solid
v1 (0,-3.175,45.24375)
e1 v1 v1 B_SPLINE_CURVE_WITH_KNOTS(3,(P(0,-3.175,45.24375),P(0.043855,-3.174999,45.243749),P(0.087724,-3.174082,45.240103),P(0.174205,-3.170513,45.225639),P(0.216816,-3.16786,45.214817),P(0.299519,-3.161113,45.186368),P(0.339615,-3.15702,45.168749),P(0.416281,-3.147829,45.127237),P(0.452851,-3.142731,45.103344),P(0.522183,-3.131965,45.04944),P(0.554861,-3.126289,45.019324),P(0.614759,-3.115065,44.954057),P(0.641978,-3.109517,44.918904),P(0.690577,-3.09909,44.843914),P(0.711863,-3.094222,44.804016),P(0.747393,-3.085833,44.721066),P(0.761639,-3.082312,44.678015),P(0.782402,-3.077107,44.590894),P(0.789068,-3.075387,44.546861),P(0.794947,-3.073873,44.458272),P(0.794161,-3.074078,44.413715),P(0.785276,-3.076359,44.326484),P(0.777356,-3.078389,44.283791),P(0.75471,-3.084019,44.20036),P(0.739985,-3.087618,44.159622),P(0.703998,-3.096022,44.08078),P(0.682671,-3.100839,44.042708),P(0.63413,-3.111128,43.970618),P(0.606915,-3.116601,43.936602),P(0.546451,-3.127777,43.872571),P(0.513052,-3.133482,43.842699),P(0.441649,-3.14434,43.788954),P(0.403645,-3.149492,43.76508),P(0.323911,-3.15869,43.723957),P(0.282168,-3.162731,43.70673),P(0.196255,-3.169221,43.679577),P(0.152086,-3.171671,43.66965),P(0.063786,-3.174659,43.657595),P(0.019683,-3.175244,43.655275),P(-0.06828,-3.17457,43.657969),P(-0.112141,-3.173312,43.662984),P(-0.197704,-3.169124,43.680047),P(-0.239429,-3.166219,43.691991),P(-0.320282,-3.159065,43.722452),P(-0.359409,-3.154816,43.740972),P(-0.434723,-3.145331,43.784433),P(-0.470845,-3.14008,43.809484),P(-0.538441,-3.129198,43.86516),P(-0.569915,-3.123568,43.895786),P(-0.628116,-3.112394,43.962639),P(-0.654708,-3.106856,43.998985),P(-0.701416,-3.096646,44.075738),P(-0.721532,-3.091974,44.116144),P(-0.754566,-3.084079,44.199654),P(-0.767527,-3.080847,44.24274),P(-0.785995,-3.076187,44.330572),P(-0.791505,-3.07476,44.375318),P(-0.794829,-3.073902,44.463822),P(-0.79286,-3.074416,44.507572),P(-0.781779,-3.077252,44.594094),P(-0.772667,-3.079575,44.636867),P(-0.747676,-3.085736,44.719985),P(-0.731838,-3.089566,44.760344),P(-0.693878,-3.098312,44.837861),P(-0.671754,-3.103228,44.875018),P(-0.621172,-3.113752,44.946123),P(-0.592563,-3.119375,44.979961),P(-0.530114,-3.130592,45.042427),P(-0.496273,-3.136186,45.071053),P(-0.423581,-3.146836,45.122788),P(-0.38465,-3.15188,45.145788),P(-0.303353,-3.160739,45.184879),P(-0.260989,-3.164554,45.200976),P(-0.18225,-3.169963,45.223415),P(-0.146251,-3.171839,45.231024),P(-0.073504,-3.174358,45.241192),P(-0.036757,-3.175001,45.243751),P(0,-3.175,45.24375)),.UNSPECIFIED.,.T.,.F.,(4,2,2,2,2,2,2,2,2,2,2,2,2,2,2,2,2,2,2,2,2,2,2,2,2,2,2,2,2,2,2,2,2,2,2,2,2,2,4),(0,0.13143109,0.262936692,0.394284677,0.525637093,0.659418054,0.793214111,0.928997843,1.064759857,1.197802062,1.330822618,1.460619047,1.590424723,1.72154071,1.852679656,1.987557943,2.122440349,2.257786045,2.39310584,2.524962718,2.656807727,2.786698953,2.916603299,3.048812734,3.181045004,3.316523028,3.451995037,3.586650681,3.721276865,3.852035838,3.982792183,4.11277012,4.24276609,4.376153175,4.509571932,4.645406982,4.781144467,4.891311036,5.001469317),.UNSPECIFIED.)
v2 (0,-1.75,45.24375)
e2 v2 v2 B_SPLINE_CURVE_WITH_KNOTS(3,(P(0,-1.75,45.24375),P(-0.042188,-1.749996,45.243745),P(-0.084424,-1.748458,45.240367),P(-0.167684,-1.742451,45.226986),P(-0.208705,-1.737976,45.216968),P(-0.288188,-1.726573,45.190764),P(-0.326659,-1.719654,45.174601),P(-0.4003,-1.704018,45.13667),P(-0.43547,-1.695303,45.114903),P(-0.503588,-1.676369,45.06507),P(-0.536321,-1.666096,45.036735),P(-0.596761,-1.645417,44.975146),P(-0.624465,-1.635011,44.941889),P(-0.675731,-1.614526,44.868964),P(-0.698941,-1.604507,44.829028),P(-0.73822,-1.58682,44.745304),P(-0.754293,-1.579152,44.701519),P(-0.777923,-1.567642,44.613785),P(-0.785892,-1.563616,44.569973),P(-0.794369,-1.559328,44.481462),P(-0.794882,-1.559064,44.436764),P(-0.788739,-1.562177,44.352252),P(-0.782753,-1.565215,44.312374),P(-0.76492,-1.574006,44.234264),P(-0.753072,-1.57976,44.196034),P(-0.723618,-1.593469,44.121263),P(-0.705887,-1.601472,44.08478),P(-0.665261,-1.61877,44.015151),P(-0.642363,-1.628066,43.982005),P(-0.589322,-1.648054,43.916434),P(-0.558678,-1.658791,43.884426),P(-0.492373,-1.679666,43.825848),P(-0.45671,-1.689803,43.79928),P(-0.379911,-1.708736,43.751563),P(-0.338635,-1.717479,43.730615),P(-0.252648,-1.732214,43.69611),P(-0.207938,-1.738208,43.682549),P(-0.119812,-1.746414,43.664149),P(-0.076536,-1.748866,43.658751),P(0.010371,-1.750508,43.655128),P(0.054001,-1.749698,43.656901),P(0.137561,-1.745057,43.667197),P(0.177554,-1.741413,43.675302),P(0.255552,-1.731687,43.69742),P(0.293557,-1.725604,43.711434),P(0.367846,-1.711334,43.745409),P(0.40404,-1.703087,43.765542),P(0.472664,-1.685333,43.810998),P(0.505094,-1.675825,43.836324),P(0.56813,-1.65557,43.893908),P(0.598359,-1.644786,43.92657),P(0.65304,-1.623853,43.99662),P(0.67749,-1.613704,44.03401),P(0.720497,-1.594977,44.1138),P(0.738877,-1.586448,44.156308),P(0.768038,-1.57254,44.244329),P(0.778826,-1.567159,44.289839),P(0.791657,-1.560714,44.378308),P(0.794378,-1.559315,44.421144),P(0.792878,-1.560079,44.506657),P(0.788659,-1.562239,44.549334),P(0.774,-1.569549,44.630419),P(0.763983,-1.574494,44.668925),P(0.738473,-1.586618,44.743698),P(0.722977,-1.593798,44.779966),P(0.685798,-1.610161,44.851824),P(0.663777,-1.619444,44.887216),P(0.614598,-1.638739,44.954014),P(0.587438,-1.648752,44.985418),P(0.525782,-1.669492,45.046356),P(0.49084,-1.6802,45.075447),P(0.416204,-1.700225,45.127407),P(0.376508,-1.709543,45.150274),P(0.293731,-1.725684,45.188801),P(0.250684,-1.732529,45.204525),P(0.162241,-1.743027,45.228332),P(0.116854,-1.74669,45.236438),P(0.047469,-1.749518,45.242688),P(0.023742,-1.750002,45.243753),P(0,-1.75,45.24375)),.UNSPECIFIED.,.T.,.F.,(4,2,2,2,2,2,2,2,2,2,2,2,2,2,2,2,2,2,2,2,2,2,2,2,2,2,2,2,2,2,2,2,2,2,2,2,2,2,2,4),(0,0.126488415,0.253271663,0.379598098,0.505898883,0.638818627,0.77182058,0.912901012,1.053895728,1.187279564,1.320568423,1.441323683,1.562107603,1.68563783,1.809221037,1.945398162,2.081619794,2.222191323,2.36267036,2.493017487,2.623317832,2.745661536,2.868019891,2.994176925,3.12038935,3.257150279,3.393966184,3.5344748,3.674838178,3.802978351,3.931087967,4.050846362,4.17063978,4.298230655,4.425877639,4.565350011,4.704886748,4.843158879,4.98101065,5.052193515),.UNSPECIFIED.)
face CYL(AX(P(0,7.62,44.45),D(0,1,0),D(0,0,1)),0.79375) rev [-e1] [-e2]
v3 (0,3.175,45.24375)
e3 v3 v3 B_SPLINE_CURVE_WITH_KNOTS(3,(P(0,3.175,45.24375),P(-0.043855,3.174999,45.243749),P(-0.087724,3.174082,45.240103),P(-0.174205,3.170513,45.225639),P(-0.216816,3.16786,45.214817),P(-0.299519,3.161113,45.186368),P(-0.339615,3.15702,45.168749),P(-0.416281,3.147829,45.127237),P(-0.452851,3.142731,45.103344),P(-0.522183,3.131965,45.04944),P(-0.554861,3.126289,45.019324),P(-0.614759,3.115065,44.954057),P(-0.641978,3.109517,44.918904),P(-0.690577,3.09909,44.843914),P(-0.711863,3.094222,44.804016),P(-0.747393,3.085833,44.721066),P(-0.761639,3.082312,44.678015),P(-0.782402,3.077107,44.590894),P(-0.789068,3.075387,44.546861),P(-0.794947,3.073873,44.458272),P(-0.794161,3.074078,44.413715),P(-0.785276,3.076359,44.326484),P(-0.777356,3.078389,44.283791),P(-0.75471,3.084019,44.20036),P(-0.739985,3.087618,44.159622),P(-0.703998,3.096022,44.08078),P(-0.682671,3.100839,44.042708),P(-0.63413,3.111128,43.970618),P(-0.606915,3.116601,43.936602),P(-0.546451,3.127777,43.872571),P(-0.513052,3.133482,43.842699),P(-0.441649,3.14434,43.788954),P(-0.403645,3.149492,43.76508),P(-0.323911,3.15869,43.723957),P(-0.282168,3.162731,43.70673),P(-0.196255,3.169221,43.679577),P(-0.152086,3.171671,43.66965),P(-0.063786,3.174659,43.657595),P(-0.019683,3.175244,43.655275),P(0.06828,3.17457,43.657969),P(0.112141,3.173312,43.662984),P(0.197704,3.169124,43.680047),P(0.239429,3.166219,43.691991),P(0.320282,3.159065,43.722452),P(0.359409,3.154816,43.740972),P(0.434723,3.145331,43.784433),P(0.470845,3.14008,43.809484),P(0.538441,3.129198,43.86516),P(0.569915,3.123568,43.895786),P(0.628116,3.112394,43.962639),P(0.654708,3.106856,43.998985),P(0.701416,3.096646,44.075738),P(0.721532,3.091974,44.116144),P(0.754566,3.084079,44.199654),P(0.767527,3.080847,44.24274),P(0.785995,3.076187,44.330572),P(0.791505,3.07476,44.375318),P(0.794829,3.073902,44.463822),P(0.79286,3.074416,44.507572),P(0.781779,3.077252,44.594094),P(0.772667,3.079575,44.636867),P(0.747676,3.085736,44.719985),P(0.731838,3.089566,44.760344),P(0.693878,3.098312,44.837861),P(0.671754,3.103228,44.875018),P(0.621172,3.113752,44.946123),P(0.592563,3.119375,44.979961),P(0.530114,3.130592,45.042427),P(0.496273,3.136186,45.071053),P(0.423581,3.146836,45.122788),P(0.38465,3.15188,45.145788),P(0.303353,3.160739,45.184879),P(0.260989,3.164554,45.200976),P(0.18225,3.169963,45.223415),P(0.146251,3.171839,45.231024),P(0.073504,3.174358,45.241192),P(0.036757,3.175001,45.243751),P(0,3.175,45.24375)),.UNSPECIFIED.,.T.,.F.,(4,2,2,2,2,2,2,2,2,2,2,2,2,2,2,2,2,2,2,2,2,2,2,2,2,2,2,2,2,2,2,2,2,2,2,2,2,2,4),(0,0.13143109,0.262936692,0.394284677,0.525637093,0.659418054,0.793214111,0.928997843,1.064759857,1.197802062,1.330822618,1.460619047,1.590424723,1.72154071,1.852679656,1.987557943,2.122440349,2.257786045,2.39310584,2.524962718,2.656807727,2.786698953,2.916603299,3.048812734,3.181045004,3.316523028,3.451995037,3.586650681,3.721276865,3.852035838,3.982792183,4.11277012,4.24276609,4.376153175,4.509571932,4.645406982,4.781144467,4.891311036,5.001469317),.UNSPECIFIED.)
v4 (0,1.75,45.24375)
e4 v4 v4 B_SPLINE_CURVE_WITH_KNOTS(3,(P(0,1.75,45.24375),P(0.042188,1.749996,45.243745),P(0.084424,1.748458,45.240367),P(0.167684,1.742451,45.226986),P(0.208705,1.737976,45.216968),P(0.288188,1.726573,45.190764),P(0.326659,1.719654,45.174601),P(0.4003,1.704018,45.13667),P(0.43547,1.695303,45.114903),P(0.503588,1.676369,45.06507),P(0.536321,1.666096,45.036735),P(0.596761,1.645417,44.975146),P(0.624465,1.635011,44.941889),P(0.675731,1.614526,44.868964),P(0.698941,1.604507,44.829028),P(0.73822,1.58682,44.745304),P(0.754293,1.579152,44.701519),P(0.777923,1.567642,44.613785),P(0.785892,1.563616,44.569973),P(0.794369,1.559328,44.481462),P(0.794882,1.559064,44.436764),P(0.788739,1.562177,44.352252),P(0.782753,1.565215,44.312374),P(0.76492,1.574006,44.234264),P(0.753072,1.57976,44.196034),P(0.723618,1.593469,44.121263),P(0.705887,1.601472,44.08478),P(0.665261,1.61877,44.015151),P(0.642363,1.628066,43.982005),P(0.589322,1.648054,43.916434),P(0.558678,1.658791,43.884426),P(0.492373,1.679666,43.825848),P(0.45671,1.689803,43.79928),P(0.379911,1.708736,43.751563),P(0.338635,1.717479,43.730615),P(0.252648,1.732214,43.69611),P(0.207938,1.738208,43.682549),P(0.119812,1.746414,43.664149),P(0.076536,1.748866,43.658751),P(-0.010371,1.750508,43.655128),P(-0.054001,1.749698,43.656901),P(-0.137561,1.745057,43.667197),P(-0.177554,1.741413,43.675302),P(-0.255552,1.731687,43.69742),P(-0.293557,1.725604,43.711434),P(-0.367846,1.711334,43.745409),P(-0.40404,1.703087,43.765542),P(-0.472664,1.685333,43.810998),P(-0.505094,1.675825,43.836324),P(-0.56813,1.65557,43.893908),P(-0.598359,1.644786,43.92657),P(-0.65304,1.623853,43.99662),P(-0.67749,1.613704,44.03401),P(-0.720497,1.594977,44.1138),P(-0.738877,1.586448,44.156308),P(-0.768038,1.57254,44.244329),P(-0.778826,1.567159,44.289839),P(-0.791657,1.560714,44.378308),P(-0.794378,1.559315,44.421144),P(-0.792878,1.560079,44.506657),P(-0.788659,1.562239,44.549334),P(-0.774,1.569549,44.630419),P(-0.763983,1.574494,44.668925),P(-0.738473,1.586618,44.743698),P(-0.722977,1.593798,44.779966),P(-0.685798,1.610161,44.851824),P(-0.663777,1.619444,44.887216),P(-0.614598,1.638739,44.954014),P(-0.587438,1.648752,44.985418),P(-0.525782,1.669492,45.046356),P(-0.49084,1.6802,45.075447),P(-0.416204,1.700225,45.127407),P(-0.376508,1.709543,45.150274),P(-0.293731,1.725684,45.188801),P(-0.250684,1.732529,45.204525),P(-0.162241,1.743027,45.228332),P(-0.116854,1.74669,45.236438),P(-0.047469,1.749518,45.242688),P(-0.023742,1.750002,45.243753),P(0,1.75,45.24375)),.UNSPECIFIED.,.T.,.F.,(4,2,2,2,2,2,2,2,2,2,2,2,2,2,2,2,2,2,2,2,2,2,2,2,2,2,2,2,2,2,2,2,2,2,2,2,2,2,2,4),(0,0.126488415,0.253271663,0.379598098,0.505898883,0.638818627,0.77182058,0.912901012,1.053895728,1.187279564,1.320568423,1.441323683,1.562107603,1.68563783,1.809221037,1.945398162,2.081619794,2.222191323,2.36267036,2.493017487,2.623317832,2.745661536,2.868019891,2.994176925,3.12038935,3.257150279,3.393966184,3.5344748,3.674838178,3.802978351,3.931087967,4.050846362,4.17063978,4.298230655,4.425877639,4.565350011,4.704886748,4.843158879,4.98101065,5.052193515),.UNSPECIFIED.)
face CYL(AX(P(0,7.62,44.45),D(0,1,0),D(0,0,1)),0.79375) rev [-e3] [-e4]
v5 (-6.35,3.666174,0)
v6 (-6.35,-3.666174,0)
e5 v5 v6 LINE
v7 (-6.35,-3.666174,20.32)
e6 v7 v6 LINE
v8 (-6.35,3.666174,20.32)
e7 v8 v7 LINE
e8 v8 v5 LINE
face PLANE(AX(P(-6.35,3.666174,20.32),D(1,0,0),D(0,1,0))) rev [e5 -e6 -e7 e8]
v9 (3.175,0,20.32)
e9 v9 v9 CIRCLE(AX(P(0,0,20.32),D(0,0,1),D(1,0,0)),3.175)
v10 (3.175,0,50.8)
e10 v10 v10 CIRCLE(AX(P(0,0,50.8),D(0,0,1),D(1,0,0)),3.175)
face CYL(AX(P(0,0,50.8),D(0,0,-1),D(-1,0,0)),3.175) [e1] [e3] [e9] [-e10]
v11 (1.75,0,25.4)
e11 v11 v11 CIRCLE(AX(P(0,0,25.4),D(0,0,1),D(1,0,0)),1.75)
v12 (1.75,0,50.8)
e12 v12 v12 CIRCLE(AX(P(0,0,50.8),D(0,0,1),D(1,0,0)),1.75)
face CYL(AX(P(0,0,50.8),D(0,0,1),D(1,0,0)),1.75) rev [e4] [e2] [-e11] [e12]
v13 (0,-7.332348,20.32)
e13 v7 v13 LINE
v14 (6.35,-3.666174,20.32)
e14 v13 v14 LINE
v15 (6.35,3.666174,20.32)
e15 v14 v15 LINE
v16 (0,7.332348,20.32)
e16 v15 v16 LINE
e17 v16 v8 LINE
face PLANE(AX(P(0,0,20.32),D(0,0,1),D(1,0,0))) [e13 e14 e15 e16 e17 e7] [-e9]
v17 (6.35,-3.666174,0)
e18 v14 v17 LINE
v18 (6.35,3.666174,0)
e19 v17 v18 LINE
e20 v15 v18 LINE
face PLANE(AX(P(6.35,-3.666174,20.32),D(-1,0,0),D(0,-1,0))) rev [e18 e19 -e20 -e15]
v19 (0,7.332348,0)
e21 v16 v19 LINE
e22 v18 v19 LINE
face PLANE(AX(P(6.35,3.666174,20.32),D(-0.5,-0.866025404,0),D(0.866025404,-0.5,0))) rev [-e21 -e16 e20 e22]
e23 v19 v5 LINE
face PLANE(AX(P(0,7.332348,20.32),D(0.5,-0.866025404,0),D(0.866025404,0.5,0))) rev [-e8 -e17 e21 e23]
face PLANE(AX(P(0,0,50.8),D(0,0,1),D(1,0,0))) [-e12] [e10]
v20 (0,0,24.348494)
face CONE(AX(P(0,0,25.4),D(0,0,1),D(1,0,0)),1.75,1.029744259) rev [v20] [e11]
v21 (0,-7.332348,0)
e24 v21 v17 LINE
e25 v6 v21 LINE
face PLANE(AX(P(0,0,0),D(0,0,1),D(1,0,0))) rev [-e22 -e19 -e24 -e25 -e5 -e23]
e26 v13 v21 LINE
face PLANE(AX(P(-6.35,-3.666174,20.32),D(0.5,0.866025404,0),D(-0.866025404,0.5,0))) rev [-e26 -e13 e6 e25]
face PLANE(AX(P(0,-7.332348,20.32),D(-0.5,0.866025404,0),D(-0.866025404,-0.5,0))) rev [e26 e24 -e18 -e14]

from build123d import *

# Parameters (mm, degrees)
BOSS_EXTRUDE1_DEPTH            = 20.32
SKETCH2_R                      = 3.175
BOSS_EXTRUDE2_DEPTH            = 30.48
F_3_5_3_5_DIAMETER_HOLE1_D     = 3.5
F_3_5_3_5_DIAMETER_HOLE1_DEPTH = 25.4
F_3_5_3_5_DIAMETER_HOLE1_TIP   = 1.051506083
F_1_16_0_0625_DIAMETER_HOLE1_D = 1.5875


with BuildPart() as part:
    # Sketch1 → Boss-Extrude1 (new body)
    with BuildSketch(Plane.XY):
        Polygon((0, 7.332348419), (-6.35, 3.666174209), (-6.35, -3.666174209), (0, -7.332348419), (6.35, -3.666174209), (6.35, 3.666174209), align=None)
    extrude(amount=BOSS_EXTRUDE1_DEPTH)

    # Sketch2 → Boss-Extrude2 (add)
    with BuildSketch(Plane.XY.offset(20.32)):
        Circle(SKETCH2_R)
    extrude(amount=BOSS_EXTRUDE2_DEPTH)

    # Ø3.5 (3.5) Diameter Hole1
    with Locations(Plane.XY.offset(50.8)):
        with Locations((0, 0)):
            Hole(F_3_5_3_5_DIAMETER_HOLE1_D / 2, depth=F_3_5_3_5_DIAMETER_HOLE1_DEPTH)
            with Locations((0, 0, -(F_3_5_3_5_DIAMETER_HOLE1_DEPTH + F_3_5_3_5_DIAMETER_HOLE1_TIP / 2))):  # 118° drill point
                Cone(0, F_3_5_3_5_DIAMETER_HOLE1_D / 2, F_3_5_3_5_DIAMETER_HOLE1_TIP, mode=Mode.SUBTRACT)

    # 1/16 (0.0625) Diameter Hole1 (through all)
    with Locations(Plane(origin=(0, 7.62, 0), x_dir=(1, 0, 0), z_dir=(0, 1, 0))):
        with Locations((0, -44.45)):
            Hole(F_1_16_0_0625_DIAMETER_HOLE1_D / 2)


solid = part.part
